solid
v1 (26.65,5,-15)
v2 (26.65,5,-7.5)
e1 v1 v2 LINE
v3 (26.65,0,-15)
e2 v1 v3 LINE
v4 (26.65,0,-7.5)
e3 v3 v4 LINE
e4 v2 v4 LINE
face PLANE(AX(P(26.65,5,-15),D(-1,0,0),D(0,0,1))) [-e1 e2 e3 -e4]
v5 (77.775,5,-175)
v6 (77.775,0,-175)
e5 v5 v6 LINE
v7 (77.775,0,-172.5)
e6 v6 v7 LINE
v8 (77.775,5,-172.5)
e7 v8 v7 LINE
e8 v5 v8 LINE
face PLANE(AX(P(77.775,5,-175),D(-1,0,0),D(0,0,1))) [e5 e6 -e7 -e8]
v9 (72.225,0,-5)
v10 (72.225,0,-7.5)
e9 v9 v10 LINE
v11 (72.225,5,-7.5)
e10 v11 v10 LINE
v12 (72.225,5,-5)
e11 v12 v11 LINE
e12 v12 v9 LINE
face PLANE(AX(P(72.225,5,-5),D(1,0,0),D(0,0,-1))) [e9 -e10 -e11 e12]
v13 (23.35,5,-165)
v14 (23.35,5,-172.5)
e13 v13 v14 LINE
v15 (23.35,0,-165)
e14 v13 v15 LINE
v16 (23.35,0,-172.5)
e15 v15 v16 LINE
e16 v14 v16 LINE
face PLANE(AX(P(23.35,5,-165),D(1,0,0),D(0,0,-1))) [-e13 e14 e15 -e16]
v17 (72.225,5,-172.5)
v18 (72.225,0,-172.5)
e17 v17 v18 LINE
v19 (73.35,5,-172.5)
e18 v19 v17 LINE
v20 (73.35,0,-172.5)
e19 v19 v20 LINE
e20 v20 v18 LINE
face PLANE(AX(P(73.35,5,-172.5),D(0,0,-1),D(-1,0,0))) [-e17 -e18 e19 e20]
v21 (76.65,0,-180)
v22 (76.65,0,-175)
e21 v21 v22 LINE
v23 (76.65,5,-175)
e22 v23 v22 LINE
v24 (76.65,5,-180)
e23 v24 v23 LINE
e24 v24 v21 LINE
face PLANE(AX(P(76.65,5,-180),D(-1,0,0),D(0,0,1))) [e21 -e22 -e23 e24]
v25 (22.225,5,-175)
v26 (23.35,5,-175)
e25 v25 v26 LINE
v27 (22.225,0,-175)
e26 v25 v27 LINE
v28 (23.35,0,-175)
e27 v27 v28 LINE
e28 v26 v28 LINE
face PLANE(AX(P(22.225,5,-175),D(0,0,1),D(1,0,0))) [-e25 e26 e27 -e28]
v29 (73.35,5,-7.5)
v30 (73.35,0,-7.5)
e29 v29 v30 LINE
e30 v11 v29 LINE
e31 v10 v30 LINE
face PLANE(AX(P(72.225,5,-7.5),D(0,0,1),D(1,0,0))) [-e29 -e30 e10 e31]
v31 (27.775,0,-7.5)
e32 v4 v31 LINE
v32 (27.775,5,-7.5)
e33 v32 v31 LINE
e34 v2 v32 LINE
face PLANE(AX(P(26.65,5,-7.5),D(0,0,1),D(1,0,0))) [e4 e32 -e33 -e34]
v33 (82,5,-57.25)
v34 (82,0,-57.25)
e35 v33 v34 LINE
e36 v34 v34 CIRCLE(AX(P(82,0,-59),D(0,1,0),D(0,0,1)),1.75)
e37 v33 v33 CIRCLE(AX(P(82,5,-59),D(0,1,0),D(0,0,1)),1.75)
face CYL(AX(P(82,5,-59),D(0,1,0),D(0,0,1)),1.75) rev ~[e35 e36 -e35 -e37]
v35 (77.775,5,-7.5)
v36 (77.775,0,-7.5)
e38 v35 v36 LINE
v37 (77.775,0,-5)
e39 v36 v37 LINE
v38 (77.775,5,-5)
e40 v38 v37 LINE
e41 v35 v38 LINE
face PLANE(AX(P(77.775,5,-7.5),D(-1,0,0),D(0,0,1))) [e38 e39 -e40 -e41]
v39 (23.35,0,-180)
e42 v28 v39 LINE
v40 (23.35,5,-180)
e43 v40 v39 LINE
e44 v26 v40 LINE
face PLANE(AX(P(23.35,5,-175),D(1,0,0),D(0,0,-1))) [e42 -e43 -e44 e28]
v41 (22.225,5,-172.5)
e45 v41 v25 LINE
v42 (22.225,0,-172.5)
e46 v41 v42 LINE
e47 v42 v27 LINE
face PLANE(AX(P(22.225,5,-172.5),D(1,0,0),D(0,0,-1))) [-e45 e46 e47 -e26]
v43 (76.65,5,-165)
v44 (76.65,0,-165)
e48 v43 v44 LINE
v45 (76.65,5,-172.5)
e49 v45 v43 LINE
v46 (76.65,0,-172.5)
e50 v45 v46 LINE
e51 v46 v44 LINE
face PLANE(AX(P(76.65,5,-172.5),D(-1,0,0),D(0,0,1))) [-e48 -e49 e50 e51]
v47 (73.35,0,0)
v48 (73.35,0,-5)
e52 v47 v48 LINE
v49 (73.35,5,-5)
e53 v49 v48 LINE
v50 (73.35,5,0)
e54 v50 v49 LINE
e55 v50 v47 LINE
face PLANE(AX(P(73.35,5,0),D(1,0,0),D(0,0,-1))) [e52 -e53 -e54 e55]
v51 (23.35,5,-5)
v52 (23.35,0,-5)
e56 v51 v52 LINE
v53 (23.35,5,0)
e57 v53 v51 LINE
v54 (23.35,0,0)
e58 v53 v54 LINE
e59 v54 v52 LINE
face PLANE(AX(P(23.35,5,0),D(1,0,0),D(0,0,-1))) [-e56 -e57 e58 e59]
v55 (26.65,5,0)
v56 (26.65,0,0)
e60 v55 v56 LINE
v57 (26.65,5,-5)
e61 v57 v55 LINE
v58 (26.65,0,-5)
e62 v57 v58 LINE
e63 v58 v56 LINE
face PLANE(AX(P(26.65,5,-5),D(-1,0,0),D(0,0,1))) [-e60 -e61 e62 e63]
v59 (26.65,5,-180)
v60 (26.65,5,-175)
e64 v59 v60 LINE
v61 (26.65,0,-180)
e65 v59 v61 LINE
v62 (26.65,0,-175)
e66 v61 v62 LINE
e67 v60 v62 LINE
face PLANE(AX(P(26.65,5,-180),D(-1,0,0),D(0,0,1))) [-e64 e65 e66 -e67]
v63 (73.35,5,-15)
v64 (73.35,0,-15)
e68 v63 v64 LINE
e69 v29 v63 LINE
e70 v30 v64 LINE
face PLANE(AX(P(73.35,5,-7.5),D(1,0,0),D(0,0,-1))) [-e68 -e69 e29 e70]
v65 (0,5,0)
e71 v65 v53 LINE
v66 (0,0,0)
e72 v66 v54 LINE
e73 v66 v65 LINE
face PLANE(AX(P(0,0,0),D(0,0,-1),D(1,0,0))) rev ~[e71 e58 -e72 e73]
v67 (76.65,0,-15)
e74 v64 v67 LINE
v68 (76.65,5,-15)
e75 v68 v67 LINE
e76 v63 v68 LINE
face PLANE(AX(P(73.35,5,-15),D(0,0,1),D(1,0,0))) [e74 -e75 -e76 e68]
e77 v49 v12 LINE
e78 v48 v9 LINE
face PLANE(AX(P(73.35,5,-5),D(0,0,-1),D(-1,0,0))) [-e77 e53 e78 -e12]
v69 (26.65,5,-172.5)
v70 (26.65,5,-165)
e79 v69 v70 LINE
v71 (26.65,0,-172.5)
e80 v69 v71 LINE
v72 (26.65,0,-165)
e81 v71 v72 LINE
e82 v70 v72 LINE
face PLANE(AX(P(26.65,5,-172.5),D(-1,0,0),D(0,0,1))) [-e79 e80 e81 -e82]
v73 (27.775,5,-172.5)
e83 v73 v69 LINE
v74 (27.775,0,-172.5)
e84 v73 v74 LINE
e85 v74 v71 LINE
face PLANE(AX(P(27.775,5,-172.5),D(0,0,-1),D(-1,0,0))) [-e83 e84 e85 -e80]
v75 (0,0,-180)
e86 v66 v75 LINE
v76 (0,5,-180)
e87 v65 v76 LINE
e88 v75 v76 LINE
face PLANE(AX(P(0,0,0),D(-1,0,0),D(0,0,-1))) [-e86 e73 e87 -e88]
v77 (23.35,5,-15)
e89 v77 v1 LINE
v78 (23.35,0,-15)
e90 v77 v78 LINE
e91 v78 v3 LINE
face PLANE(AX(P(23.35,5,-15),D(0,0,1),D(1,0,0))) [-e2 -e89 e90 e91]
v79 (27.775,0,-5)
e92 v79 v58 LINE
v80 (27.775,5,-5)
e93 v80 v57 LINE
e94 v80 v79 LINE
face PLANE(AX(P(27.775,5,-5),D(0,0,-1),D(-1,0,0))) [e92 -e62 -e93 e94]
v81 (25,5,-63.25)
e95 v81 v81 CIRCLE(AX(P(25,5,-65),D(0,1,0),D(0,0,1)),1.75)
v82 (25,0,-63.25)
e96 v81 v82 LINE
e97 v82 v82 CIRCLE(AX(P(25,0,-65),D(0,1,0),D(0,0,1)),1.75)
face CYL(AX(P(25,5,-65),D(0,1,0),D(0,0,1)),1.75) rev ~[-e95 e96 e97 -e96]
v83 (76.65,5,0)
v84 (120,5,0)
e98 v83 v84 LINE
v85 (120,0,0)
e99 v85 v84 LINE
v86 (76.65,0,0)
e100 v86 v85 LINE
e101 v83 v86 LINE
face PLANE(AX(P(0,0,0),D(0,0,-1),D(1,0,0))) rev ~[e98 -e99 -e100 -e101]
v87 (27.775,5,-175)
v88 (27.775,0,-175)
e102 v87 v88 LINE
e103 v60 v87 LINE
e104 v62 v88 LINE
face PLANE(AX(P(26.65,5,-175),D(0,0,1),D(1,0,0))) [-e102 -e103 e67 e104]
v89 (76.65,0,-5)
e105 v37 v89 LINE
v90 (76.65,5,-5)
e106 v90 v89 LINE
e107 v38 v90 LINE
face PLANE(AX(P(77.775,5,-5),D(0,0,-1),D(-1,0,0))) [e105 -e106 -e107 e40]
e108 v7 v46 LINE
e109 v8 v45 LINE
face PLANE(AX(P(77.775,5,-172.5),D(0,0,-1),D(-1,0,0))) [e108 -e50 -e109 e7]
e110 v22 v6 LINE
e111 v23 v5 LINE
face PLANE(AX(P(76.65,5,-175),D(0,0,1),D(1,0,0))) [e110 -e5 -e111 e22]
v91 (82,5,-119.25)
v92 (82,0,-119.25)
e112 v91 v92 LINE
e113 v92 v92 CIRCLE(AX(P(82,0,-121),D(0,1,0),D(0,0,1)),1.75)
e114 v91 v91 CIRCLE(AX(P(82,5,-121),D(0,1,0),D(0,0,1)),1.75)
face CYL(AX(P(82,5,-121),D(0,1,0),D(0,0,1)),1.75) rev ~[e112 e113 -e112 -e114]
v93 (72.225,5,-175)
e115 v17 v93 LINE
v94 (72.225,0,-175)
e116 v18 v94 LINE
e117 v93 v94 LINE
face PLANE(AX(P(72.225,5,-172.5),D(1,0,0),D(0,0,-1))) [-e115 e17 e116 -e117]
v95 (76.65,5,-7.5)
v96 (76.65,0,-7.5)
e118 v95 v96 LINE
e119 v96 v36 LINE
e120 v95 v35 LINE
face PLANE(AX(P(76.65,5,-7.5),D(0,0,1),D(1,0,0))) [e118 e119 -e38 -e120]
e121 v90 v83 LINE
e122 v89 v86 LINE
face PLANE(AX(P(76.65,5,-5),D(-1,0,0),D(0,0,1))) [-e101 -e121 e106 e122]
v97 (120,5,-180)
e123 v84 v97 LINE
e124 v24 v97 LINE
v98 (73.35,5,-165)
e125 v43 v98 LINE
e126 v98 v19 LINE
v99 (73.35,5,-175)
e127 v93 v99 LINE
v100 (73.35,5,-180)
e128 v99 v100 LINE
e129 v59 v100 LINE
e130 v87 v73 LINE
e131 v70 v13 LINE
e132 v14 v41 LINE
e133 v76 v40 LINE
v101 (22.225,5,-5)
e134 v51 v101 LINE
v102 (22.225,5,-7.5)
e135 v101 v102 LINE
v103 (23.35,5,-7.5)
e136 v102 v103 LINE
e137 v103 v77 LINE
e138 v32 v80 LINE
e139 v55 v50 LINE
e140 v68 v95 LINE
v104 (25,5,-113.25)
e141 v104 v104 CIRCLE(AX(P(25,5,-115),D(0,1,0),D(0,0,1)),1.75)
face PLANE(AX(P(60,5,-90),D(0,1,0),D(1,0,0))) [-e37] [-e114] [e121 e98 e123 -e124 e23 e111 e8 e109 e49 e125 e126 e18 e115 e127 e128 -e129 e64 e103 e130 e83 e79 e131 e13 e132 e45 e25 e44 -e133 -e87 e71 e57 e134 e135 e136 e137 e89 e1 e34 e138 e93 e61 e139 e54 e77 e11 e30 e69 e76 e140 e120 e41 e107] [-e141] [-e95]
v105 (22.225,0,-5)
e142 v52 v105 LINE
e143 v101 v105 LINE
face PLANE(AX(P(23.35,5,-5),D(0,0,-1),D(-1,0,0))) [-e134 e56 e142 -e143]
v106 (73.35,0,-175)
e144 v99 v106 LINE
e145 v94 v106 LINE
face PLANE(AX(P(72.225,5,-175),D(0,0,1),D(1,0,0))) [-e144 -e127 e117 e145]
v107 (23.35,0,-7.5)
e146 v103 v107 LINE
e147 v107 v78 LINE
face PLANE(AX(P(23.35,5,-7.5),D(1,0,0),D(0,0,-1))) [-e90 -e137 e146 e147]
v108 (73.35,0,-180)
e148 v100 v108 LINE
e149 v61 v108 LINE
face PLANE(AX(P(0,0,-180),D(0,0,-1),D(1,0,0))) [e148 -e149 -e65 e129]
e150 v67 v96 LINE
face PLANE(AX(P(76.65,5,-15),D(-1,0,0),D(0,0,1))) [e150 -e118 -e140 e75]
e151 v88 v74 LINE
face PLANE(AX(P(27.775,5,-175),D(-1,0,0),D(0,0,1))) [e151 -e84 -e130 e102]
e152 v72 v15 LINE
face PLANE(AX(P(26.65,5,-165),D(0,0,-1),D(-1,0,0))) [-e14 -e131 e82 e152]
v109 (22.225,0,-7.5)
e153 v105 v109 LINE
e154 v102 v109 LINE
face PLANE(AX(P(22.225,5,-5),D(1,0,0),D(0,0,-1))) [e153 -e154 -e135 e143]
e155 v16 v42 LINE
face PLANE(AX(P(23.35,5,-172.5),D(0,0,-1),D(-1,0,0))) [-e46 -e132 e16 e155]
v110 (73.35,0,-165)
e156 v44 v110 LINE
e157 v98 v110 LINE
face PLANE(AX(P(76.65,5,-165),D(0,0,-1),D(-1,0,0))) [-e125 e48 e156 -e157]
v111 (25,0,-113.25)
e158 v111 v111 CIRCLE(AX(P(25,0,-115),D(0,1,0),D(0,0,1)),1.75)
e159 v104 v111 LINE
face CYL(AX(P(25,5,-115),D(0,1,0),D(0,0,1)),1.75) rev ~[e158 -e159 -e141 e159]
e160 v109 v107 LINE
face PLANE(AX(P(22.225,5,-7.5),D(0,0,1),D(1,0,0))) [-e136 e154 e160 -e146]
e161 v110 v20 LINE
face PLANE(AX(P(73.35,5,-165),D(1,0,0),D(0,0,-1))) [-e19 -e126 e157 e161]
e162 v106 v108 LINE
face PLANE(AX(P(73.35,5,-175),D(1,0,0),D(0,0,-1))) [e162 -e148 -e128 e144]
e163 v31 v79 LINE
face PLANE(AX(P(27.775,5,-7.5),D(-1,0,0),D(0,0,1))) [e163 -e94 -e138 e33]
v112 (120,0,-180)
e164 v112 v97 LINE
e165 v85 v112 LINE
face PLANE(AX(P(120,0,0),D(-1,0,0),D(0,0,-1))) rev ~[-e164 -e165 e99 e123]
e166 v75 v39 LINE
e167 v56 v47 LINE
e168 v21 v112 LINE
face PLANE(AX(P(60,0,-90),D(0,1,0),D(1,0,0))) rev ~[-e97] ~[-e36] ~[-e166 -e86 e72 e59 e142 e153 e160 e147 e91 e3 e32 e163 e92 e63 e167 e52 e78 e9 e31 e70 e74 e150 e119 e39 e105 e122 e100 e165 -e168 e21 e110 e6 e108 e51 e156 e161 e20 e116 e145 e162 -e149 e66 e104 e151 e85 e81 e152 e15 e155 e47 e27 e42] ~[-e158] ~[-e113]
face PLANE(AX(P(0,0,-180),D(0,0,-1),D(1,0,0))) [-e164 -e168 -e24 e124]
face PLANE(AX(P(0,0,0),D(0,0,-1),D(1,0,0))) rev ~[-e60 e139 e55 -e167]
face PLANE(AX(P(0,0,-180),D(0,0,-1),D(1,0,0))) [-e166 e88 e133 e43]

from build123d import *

# Parameters (mm, degrees)
SKETCH1_W           = 120
SKETCH1_H           = 180
BOSS_EXTRUDE1_DEPTH = 5
CUT_EXTRUDE1_DEPTH  = 5
SKETCH3_R           = 1.75
CUT_EXTRUDE2_DEPTH  = 5


with BuildPart() as part:
    # Sketch1 → Boss-Extrude1 (new body)
    with BuildSketch(Plane(origin=(0, 0, 0), x_dir=(1, 0, 0), z_dir=(0, 1, 0))):
        with Locations((60, 90)):
            Rectangle(SKETCH1_W, SKETCH1_H)
    extrude(amount=BOSS_EXTRUDE1_DEPTH)

    # Sketch2 → Cut-Extrude1 (cut)
    with BuildSketch(Plane(origin=(0, 5, 0), x_dir=(1, 0, 0), z_dir=(0, 1, 0))):
        Polygon((23.35, 15), (26.65, 15), (26.65, 7.5), (27.775, 7.5), (27.775, 5), (26.65, 5), (26.65, 0), (23.35, 0), (23.35, 5), (22.225, 5), (22.225, 7.5), (23.35, 7.5), align=None)
        Polygon((76.65, 15), (76.65, 7.5), (77.775, 7.5), (77.775, 5), (76.65, 5), (76.65, 0), (73.35, 0), (73.35, 5), (72.225, 5), (72.225, 7.5), (73.35, 7.5), (73.35, 15), align=None)
        Polygon((76.65, 165), (73.35, 165), (73.35, 172.5), (72.225, 172.5), (72.225, 175), (73.35, 175), (73.35, 180), (76.65, 180), (76.65, 175), (77.775, 175), (77.775, 172.5), (76.65, 172.5), align=None)
        Polygon((23.35, 165), (23.35, 172.5), (22.225, 172.5), (22.225, 175), (23.35, 175), (23.35, 180), (26.65, 180), (26.65, 175), (27.775, 175), (27.775, 172.5), (26.65, 172.5), (26.65, 165), align=None)
    extrude(amount=-CUT_EXTRUDE1_DEPTH, mode=Mode.SUBTRACT)

    # Sketch3 → Cut-Extrude2 (cut)
    with BuildSketch(Plane(origin=(0, 5, 0), x_dir=(1, 0, 0), z_dir=(0, 1, 0))):
        with Locations(Location((25, 65, 0), (0, 0, 270))):
            Circle(SKETCH3_R)
        with Locations(Location((82, 59, 0), (0, 0, 270))):
            Circle(SKETCH3_R)
        with Locations(Location((25, 115, 0), (0, 0, 270))):
            Circle(SKETCH3_R)
        with Locations(Location((82, 121, 0), (0, 0, 270))):
            Circle(SKETCH3_R)
    extrude(amount=-CUT_EXTRUDE2_DEPTH, mode=Mode.SUBTRACT)


solid = part.part
